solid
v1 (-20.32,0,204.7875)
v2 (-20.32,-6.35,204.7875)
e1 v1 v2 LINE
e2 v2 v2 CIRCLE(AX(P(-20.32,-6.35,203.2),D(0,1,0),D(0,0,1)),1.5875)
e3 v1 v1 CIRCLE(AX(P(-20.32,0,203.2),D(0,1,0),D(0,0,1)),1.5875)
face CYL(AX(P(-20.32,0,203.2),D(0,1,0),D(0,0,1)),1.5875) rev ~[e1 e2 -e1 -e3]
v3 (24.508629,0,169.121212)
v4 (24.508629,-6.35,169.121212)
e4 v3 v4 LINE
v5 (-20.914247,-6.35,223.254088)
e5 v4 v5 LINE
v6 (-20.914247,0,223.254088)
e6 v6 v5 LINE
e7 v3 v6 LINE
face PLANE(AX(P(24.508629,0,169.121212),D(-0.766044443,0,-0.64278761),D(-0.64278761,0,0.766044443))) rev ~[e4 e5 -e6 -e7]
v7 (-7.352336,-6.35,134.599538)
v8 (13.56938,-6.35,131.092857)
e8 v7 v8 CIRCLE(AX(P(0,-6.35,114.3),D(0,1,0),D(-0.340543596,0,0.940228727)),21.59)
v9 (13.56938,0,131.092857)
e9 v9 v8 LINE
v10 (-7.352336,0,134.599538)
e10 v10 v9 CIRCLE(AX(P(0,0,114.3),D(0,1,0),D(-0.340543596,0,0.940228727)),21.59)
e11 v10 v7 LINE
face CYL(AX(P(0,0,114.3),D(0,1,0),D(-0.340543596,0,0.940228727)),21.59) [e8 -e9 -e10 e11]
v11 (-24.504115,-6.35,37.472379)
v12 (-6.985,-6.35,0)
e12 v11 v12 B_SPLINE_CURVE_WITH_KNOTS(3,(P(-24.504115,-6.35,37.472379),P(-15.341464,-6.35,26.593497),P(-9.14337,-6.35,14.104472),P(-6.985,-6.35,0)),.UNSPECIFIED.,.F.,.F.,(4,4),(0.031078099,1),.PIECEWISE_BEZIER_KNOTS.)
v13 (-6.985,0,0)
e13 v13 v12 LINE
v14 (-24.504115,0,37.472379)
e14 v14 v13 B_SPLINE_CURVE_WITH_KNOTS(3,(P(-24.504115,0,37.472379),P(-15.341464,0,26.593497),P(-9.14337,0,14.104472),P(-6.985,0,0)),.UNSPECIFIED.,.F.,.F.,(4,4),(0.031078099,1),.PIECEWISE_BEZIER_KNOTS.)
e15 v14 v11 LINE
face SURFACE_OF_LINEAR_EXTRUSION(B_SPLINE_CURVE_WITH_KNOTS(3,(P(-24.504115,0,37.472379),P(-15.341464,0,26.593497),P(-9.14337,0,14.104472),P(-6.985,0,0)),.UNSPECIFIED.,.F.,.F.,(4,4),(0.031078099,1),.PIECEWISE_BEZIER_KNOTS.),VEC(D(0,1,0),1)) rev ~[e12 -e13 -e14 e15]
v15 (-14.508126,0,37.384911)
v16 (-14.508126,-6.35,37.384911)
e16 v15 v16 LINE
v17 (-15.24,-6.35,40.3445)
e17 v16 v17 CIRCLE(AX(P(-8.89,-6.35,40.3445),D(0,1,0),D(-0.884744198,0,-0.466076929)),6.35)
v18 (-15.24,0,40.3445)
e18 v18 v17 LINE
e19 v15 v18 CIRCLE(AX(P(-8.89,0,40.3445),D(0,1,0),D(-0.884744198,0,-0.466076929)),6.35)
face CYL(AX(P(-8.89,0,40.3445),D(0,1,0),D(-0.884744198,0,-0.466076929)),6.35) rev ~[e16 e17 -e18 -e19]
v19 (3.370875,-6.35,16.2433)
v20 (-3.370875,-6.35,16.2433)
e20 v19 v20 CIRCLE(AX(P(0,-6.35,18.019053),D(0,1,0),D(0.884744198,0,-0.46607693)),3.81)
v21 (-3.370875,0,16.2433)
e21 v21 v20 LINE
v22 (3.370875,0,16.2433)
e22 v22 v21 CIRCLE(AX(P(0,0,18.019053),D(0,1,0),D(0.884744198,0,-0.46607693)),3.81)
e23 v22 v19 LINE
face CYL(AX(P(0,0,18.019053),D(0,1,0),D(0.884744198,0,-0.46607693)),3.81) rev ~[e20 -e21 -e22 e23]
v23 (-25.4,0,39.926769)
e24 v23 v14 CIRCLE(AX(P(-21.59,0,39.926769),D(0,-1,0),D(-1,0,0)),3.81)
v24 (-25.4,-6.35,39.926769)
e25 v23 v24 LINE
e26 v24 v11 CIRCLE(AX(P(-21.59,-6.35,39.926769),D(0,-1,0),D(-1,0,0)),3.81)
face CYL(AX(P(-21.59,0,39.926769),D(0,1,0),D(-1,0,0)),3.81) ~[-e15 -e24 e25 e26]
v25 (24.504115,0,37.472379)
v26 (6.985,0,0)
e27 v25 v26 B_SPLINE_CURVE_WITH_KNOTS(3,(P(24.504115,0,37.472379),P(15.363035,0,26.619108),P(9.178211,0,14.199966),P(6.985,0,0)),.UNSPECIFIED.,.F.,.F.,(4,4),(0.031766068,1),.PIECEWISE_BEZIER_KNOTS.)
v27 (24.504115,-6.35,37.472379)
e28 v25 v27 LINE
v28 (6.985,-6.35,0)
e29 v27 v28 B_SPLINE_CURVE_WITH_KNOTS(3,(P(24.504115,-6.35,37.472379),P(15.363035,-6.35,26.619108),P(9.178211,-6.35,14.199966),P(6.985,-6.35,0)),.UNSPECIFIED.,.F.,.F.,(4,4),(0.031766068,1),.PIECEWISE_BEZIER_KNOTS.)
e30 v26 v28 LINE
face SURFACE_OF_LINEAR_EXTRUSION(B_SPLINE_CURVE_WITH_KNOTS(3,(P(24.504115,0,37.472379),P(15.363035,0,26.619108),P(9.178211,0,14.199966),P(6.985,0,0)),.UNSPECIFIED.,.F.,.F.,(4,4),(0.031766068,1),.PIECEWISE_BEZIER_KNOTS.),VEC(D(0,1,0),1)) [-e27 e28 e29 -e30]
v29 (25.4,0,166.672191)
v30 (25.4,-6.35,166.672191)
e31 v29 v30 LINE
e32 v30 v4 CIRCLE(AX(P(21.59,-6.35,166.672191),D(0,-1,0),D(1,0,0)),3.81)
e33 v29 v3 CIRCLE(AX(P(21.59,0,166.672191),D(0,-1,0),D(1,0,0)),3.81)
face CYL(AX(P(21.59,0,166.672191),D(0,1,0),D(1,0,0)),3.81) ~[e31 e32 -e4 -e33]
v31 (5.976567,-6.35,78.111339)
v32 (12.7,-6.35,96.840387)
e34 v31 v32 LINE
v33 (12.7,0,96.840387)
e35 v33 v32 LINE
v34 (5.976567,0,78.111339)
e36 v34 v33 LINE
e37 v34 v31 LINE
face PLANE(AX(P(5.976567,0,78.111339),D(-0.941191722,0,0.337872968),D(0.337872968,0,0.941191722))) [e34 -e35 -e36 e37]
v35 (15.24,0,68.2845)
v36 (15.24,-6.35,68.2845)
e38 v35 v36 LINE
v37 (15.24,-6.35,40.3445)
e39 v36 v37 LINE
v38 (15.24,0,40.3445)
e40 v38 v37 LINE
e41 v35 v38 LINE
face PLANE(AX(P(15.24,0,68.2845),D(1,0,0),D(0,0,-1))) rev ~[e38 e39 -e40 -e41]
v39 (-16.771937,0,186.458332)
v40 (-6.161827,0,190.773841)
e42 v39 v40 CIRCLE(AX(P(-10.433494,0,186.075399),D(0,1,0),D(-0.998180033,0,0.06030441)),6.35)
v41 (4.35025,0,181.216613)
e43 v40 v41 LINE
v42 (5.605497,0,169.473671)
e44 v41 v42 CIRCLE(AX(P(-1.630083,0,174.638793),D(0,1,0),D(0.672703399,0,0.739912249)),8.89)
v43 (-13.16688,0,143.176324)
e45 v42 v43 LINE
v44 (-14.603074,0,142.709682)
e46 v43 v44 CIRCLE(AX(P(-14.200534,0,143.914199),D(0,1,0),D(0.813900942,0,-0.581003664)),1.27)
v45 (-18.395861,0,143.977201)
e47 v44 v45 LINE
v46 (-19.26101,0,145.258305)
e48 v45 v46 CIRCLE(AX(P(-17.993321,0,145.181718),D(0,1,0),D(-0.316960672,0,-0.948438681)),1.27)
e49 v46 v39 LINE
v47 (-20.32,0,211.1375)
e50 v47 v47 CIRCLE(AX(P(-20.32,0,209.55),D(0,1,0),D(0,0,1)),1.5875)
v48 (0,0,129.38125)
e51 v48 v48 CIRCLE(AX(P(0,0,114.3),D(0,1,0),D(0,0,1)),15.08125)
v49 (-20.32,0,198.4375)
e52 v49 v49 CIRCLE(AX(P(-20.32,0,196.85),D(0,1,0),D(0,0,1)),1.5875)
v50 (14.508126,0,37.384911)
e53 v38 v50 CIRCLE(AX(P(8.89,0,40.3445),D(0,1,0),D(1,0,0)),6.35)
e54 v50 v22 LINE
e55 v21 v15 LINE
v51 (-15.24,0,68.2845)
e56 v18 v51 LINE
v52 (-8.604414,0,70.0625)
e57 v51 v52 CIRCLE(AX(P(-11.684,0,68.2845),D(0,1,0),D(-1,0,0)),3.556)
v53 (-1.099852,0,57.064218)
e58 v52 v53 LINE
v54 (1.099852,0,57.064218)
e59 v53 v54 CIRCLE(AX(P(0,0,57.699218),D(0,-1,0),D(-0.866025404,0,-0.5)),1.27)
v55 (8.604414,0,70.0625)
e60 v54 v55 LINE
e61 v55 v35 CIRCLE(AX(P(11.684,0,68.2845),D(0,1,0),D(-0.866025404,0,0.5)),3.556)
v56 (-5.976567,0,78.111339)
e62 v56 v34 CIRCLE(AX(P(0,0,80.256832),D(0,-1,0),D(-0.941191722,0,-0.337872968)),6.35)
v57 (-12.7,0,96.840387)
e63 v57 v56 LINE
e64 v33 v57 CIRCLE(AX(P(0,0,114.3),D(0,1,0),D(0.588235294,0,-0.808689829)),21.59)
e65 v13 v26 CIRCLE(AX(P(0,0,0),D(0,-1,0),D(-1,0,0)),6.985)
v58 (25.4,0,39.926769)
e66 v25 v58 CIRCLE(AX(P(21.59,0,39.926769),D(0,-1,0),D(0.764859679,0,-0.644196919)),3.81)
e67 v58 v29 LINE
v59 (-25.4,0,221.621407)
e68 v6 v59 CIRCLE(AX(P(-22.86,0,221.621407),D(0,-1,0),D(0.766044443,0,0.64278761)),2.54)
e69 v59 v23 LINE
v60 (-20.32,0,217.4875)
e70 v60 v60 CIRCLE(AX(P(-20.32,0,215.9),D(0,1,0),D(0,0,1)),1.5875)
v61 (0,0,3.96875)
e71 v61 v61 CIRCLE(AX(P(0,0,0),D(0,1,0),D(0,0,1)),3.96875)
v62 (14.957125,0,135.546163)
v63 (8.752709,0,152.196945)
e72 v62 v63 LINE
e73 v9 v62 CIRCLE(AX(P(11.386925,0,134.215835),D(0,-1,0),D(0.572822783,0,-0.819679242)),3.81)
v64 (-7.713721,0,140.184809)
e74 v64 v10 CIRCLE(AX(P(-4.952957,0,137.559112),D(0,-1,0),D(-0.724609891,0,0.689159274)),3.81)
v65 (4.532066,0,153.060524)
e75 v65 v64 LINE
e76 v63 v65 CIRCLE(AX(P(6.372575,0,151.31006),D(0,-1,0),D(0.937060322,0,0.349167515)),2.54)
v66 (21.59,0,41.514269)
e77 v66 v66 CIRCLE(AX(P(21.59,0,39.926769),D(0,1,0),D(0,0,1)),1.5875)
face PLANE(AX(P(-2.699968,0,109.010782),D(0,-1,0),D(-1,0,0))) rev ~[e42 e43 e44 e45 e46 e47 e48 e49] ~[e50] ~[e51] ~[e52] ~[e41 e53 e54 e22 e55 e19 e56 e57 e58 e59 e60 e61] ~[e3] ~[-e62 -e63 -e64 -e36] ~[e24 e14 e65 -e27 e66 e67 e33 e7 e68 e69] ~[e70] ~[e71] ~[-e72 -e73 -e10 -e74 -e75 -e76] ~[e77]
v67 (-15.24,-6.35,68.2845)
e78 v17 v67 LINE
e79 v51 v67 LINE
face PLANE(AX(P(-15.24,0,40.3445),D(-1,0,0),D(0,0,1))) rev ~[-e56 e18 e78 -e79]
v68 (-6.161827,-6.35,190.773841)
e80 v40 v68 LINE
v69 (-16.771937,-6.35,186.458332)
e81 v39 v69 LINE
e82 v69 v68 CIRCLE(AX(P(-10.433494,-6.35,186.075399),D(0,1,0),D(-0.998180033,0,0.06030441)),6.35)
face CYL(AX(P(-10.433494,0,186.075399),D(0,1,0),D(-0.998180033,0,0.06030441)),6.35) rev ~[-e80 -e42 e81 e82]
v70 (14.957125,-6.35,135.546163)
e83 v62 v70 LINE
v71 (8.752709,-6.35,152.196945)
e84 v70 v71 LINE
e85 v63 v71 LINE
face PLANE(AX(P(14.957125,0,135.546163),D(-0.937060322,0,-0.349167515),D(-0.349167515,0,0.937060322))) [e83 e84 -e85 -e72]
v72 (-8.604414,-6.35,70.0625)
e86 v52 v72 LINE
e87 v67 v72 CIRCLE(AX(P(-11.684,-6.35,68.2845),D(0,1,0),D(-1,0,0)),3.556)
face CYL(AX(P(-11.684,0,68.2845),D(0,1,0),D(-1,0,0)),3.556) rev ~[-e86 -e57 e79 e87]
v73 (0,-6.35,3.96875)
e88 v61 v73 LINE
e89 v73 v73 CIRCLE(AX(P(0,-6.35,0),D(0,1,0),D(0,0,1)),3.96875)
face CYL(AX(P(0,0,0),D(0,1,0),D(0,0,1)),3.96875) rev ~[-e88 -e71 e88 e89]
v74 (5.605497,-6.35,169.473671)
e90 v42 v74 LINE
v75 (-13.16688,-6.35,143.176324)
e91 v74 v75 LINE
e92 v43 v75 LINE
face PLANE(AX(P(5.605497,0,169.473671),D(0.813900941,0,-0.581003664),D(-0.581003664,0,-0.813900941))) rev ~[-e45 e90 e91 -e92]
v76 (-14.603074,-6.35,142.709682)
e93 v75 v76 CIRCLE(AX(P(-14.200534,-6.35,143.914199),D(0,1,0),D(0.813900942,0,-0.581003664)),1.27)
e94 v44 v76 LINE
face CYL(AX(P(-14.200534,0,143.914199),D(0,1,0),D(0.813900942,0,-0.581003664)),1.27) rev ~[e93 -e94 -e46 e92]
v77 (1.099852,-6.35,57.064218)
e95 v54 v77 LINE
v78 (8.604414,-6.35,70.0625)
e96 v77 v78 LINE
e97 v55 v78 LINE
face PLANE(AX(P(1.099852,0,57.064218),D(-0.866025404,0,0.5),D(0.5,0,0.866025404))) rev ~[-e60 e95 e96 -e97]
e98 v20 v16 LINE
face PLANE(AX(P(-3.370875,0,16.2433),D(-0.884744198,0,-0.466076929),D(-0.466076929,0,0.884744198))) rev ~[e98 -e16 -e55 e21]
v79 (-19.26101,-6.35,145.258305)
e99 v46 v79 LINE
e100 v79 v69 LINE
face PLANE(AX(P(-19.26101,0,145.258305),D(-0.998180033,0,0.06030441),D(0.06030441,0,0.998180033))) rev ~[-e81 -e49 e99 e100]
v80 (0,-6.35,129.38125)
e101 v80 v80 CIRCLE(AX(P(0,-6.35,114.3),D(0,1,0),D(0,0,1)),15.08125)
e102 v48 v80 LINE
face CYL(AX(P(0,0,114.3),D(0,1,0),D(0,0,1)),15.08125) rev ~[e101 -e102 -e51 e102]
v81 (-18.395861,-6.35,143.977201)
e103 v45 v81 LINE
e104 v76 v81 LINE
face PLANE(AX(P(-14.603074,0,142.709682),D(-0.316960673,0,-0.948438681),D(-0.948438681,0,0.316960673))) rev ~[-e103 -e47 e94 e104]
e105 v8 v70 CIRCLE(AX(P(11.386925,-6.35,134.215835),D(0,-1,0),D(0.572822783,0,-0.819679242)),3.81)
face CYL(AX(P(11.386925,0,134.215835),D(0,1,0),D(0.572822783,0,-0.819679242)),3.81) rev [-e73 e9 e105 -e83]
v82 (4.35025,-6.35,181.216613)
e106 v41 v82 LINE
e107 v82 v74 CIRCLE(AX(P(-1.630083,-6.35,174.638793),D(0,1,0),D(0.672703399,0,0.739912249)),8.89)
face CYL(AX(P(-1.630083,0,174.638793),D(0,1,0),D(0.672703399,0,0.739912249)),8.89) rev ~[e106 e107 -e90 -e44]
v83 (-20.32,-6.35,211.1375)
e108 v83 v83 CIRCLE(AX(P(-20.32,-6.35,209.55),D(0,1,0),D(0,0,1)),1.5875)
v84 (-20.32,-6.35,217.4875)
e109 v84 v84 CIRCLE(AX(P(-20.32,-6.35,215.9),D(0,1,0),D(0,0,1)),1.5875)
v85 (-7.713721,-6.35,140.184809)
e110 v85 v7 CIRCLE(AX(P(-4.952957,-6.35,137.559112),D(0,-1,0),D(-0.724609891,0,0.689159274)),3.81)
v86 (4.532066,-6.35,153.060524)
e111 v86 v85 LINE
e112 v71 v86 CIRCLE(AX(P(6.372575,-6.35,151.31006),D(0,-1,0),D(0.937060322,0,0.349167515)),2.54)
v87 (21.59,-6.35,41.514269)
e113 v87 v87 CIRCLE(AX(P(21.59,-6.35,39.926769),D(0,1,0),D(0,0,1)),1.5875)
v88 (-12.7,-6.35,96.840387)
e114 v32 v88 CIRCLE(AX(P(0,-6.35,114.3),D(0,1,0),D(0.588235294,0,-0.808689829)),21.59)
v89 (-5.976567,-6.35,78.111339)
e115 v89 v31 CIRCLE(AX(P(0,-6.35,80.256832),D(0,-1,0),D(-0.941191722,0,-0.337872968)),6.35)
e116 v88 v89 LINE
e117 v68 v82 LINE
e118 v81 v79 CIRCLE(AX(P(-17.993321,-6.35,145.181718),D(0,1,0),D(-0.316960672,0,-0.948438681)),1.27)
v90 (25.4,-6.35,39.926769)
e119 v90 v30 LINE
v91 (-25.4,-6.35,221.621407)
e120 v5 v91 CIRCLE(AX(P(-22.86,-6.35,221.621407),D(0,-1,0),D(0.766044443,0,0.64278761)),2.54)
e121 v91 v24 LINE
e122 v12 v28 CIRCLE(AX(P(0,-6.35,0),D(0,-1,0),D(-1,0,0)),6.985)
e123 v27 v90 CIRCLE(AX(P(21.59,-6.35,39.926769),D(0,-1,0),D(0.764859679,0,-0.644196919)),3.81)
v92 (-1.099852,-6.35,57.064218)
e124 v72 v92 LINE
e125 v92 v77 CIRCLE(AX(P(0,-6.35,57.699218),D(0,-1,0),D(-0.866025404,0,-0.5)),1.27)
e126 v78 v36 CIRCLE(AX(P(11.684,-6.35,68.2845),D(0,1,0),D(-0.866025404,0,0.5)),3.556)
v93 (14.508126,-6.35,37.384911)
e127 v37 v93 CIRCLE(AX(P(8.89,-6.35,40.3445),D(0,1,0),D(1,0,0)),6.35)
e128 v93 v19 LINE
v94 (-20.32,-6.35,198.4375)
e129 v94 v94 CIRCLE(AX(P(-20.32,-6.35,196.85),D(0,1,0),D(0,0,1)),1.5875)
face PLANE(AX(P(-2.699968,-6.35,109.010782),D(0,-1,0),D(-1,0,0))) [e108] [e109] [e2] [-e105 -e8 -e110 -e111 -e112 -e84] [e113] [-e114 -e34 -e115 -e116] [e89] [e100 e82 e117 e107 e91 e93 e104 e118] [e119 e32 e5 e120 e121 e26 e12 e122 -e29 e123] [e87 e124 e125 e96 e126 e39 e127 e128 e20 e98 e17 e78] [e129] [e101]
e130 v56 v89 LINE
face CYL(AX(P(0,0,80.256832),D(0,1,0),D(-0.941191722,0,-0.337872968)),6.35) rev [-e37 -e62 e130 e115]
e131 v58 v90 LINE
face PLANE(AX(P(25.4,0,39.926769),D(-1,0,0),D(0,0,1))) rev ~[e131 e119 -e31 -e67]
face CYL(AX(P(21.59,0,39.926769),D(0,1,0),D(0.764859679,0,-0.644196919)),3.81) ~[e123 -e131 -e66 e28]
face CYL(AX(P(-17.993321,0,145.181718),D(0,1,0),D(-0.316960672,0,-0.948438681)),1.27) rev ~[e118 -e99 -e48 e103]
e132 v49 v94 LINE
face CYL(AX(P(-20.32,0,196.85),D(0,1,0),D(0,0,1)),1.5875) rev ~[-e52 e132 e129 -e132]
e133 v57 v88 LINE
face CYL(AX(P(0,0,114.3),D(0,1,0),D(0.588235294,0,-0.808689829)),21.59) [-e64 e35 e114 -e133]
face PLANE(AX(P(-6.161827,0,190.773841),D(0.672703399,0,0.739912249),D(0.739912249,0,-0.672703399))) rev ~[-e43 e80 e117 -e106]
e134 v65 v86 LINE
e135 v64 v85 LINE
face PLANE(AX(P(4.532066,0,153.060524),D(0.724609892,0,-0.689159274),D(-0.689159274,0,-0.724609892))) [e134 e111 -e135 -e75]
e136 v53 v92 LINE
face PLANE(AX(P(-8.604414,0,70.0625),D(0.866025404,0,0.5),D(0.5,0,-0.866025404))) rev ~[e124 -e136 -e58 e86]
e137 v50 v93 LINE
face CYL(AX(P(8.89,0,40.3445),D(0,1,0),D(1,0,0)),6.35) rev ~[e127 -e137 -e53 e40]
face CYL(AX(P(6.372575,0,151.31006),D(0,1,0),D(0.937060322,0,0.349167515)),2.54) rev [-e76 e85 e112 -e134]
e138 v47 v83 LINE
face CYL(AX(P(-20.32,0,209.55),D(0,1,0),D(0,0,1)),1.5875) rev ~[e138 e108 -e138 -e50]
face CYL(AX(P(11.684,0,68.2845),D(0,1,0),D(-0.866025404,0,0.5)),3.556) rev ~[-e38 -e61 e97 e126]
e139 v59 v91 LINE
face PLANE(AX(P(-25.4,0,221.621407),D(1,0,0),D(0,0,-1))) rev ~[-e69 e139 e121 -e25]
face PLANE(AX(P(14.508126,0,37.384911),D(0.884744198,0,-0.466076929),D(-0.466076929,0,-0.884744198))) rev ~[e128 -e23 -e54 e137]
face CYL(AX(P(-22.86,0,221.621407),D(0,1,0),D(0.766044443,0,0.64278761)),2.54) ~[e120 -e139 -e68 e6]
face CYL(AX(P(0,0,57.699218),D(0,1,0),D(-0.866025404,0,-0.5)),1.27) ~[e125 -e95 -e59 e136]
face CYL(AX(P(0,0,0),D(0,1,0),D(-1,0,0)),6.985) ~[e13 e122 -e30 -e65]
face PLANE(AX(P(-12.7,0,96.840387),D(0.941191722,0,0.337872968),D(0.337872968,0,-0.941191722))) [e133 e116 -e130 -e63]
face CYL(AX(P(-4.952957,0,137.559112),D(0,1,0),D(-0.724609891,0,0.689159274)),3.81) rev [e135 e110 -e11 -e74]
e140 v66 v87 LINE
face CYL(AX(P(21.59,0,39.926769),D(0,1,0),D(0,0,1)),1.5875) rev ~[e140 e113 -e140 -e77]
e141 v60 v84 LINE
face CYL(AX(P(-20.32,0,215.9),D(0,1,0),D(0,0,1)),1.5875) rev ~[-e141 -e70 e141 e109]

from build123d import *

# Parameters (mm, degrees)
SKETCH1_R           = 3.96875
SKETCH1_R_2         = 15.08125
SKETCH1_R_3         = 1.5875
BOSS_EXTRUDE1_DEPTH = 6.35


with BuildPart() as part:
    # Sketch1 → Boss-Extrude1 (new body)
    with BuildSketch(Plane(origin=(0, 0, 0), x_dir=(1, 0, 0), z_dir=(0, 1, 0))):
        with BuildLine():
            Line((25.4, -39.926769414), (25.4, -166.672190904))
            ThreePointArc((25.4, -166.672190904), (25.170228885, -167.97528765), (24.508629328, -169.121211697))
            Line((24.508629328, -169.121211697), (-20.914247114, -223.254087883))
            ThreePointArc((-20.914247114, -223.254087883), (-23.728731164, -224.008226611), (-25.4, -221.621407355))
            Line((-25.4, -221.621407355), (-25.4, -39.926769414))
            ThreePointArc((-25.4, -39.926769414), (-25.169027772, -38.620377357), (-24.504115377, -37.472379149))
            add(Edge.make_bspline(
                [(-24.504115377, -37.472379149), (-15.341464403, -26.593497135), (-9.143369894, -14.104472305), (-6.985, 0)],
                knots=[0.031078099, 0.031078099, 0.031078099, 0.031078099, 1, 1, 1, 1], degree=3))
            ThreePointArc((-6.985, 0), (0, 6.985), (6.985, 0))
            add(Edge.make_bspline(
                [(24.504115377, -37.472379149), (15.363034866, -26.619107902), (9.178211427, -14.199965817), (6.985, 0)],
                knots=[0.031766068, 0.031766068, 0.031766068, 0.031766068, 1, 1, 1, 1], degree=3))
            ThreePointArc((24.504115377, -37.472379149), (25.169027772, -38.620377357), (25.4, -39.926769414))
        make_face()
        with Locations(Location((0, 0, 0), (0, 0, 270))):
            Circle(SKETCH1_R, mode=Mode.SUBTRACT)
        with Locations(Location((0, -114.3, 0), (0, 0, 270))):
            Circle(SKETCH1_R_2, mode=Mode.SUBTRACT)
        with Locations(Location((-20.32, -215.9, 0), (0, 0, 270))):
            Circle(SKETCH1_R_3, mode=Mode.SUBTRACT)
        with Locations(Location((-20.32, -209.55, 0), (0, 0, 270))):
            Circle(SKETCH1_R_3, mode=Mode.SUBTRACT)
        with Locations(Location((-20.32, -203.2, 0), (0, 0, 270))):
            Circle(SKETCH1_R_3, mode=Mode.SUBTRACT)
        with Locations(Location((-20.32, -196.85, 0), (0, 0, 270))):
            Circle(SKETCH1_R_3, mode=Mode.SUBTRACT)
        with Locations(Location((21.59, -39.926769414, 0), (0, 0, 270))):
            Circle(SKETCH1_R_3, mode=Mode.SUBTRACT)
        with BuildLine():
            Line((5.605496622, -169.473670788), (-13.166879596, -143.176324304))
            ThreePointArc((-13.166879596, -143.176324304), (-13.808086261, -142.706355865), (-14.603073846, -142.709681833))
            Line((-14.603073846, -142.709681833), (-18.395861473, -143.977201329))
            ThreePointArc((-18.395861473, -143.977201329), (-19.045805463, -144.470960171), (-19.26101006, -145.258305054))
            Line((-19.26101006, -145.258305054), (-16.771936742, -186.45833168))
            ThreePointArc((-16.771936742, -186.45833168), (-12.825939472, -191.957464848), (-6.161826947, -190.773841461))
            Line((-6.161826947, -190.773841461), (4.350250475, -181.216613261))
            ThreePointArc((4.350250475, -181.216613261), (7.209558699, -175.583695027), (5.605496622, -169.473670788))
        make_face(mode=Mode.SUBTRACT)
        with BuildLine():
            Line((4.532066161, -153.060524084), (-7.713720706, -140.184809241))
            ThreePointArc((-7.713720706, -140.184809241), (-8.755006703, -137.313107924), (-7.352336236, -134.599538218))
            ThreePointArc((-7.352336236, -134.599538218), (3.568908967, -135.592979801), (13.569379689, -131.092856661))
            ThreePointArc((13.569379689, -131.092856661), (15.024402409, -133.082319121), (14.957124713, -135.546162806))
            Line((14.957124713, -135.546162806), (8.752708503, -152.196945016))
            ThreePointArc((8.752708503, -152.196945016), (6.881732179, -153.798504677), (4.532066161, -153.060524084))
        make_face(mode=Mode.SUBTRACT)
        with BuildLine():
            Line((-12.7, -96.840386602), (-5.976567434, -78.111338504))
            ThreePointArc((-5.976567434, -78.111338504), (0, -73.906831852), (5.976567434, -78.111338504))
            Line((5.976567434, -78.111338504), (12.7, -96.840386602))
            ThreePointArc((12.7, -96.840386602), (0, -92.71), (-12.7, -96.840386602))
        make_face(mode=Mode.SUBTRACT)
        with BuildLine():
            Line((-3.370875395, -16.243299574), (-14.508125658, -37.384911468))
            ThreePointArc((-14.508125658, -37.384911468), (-15.054316585, -38.820130907), (-15.24, -40.344499969))
            Line((-15.24, -40.344499969), (-15.24, -68.284499969))
            ThreePointArc((-15.24, -68.284499969), (-12.604360524, -71.719332208), (-8.604413664, -70.062499969))
            Line((-8.604413664, -70.062499969), (-1.099852263, -57.064218334))
            ThreePointArc((-1.099852263, -57.064218334), (0, -56.429218334), (1.099852263, -57.064218334))
            Line((1.099852263, -57.064218334), (8.604413664, -70.062499969))
            ThreePointArc((8.604413664, -70.062499969), (12.604360524, -71.719332208), (15.24, -68.284499969))
            Line((15.24, -68.284499969), (15.24, -40.344499969))
            ThreePointArc((15.24, -40.344499969), (15.054316585, -38.820130907), (14.508125658, -37.384911468))
            Line((14.508125658, -37.384911468), (3.370875395, -16.243299574))
            ThreePointArc((3.370875395, -16.243299574), (0, -14.209052675), (-3.370875395, -16.243299574))
        make_face(mode=Mode.SUBTRACT)
    extrude(amount=-BOSS_EXTRUDE1_DEPTH)


solid = part.part
